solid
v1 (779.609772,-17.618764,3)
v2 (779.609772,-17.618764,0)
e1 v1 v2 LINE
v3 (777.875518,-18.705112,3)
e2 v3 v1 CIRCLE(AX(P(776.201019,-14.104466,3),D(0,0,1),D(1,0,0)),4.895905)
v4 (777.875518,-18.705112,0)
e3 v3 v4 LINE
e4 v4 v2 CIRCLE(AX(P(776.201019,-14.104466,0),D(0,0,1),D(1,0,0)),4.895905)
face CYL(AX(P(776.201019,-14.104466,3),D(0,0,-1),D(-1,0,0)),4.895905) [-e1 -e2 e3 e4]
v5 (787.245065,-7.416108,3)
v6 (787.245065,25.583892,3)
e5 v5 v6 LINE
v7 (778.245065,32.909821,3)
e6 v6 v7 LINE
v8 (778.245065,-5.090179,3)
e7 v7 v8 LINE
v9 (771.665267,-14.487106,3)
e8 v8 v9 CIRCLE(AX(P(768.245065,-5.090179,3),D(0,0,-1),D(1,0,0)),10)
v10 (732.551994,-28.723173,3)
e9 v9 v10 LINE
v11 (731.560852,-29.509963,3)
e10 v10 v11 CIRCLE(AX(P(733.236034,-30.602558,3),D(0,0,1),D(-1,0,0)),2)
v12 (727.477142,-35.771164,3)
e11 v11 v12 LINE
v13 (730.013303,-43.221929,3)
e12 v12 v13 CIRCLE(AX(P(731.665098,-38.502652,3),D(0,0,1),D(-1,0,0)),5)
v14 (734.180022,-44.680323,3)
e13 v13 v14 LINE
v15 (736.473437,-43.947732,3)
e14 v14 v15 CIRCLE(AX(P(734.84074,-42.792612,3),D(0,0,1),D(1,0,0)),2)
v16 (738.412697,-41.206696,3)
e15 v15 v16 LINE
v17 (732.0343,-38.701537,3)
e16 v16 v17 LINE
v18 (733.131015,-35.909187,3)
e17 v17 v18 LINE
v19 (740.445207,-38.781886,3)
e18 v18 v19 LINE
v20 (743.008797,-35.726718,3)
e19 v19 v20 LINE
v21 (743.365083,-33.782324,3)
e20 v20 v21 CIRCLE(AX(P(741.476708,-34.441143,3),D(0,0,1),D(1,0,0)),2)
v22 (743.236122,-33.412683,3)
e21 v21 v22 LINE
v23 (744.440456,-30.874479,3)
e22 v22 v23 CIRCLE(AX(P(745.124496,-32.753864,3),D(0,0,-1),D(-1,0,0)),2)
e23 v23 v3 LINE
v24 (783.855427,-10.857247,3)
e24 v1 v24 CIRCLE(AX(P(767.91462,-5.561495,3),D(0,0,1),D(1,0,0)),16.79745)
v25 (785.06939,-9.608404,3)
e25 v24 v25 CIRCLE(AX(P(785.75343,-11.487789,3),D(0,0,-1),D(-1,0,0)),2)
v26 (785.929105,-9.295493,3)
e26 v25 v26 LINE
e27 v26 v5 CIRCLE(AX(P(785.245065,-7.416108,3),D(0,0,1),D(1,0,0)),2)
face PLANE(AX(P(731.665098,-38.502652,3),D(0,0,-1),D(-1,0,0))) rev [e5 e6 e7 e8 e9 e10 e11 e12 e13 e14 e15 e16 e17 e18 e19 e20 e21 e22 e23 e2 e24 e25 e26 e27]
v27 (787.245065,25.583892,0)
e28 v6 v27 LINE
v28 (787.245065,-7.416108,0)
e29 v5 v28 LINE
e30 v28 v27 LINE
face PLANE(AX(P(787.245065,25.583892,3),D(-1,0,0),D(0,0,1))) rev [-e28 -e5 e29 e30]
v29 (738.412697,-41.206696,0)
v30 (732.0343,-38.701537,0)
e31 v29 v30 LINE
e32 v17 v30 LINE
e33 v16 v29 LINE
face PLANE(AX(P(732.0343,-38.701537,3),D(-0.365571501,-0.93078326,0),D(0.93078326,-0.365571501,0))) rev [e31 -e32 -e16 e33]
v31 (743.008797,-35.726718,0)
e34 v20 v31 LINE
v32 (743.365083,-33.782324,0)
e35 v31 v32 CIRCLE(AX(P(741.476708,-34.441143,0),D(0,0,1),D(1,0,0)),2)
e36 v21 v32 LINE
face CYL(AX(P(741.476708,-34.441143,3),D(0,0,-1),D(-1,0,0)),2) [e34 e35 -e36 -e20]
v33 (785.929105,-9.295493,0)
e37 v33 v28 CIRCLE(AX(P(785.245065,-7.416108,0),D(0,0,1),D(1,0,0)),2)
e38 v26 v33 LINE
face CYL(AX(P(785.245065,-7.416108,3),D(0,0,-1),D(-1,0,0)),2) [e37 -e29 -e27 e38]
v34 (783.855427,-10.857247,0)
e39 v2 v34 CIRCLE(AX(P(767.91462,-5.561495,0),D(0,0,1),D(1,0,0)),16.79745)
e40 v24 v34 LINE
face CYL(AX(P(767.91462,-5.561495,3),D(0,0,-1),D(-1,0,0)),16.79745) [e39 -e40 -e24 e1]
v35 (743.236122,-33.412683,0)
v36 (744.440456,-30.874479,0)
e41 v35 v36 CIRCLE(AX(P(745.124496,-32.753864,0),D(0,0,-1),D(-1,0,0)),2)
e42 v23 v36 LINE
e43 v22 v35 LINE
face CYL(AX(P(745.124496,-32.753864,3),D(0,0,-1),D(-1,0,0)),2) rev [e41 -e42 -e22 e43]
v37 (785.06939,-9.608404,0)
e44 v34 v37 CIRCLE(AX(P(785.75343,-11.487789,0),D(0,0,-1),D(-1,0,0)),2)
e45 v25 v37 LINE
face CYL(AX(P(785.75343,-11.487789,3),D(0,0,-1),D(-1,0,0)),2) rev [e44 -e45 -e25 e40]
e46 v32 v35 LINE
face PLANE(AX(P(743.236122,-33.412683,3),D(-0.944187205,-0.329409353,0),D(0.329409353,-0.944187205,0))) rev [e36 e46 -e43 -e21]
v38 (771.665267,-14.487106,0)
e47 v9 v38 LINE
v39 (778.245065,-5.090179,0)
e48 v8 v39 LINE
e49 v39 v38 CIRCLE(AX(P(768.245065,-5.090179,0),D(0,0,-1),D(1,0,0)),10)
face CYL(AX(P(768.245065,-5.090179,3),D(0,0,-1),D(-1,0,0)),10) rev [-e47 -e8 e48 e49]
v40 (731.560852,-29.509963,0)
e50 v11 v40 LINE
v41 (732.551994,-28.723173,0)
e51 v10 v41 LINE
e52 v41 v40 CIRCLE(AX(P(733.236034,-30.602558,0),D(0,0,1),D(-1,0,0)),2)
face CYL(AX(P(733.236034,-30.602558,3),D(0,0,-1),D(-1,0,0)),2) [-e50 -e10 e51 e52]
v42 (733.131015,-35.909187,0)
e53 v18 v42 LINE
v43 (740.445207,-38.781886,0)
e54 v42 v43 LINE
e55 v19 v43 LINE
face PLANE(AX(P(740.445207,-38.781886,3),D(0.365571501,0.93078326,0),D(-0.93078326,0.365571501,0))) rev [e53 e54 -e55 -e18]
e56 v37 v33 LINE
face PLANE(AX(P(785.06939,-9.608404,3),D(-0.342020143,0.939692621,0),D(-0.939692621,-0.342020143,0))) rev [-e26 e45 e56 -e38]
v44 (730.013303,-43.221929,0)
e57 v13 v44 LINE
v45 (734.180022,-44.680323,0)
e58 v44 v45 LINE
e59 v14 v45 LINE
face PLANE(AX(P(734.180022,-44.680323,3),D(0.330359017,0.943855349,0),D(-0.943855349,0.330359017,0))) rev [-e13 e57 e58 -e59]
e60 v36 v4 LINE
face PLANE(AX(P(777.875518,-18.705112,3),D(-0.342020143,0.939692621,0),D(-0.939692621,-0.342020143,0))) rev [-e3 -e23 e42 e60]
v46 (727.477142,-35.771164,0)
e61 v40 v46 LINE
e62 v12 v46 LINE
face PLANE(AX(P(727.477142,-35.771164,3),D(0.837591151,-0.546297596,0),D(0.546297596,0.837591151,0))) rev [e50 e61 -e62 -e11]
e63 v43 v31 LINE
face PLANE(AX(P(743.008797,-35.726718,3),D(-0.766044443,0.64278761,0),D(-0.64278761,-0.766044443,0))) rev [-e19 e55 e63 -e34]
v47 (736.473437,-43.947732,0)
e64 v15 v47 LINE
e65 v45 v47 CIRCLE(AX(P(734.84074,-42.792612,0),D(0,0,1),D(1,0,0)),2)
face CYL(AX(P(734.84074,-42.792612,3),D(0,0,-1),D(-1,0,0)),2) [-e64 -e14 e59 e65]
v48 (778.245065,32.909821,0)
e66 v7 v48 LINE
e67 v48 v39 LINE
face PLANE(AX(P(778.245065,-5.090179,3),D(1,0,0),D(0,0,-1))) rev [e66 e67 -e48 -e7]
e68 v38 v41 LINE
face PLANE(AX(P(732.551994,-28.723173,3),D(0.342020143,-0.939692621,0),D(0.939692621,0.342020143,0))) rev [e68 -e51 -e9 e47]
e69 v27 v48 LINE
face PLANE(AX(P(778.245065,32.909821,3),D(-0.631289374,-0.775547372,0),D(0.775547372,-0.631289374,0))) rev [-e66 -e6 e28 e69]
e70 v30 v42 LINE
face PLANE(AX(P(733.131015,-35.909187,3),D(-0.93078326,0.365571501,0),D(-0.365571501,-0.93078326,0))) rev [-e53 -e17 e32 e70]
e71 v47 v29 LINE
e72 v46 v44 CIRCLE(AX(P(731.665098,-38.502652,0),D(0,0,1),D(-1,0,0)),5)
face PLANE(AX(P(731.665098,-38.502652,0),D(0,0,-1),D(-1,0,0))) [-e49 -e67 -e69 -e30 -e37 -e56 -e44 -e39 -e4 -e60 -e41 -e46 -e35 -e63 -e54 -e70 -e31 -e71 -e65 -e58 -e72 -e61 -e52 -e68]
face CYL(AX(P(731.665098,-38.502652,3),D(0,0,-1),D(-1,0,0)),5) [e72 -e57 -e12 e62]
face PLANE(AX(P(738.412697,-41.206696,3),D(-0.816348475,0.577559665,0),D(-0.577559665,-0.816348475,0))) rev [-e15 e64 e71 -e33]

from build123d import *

# Parameters (mm, degrees)
BASE_EXTRUDE_DEPTH = 3


with BuildPart() as part:
    # Sketch1 → Base-Extrude (new body)
    with BuildSketch(Plane.XY):
        with BuildLine():
            Line((732.034300263, -38.701536799), (738.412696802, -41.20669573))
            Line((738.412696802, -41.20669573), (736.473436897, -43.947731787))
            ThreePointArc((736.473436897, -43.947731787), (735.449310633, -44.697774319), (734.180021911, -44.680323155))
            Line((734.180021911, -44.680323155), (730.013302653, -43.221928834))
            ThreePointArc((730.013302653, -43.221928834), (726.93179591, -40.113817439), (727.477141983, -35.771164112))
            Line((727.477141983, -35.771164112), (731.560851868, -29.509962721))
            ThreePointArc((731.560851868, -29.509962721), (731.992554194, -29.036110484), (732.551993885, -28.723172671))
            Line((732.551993885, -28.723172671), (771.665266629, -14.487105627))
            ThreePointArc((771.665266629, -14.487105627), (776.436585639, -10.825943783), (778.245065196, -5.090179419))
            Line((778.245065196, -5.090179419), (778.245065196, 32.909820581))
            Line((778.245065196, 32.909820581), (787.245065196, 25.583892383))
            Line((787.245065196, 25.583892383), (787.245065196, -7.416107617))
            ThreePointArc((787.245065196, -7.416107617), (786.883369284, -8.563260489), (785.929105482, -9.295492858))
            Line((785.929105482, -9.295492858), (785.06938995, -9.608403722))
            ThreePointArc((785.06938995, -9.608403722), (784.319331429, -10.093744269), (783.855426973, -10.857246649))
            ThreePointArc((783.855426973, -10.857246649), (782.140163623, -14.493920417), (779.609772484, -17.618763634))
            ThreePointArc((779.609772484, -17.618763634), (778.800038242, -18.253560622), (777.875517606, -18.705111674))
            Line((777.875517606, -18.705111674), (744.440455722, -30.874478981))
            ThreePointArc((744.440455722, -30.874478981), (743.317578976, -31.896513164), (743.236121599, -33.412682929))
            Line((743.236121599, -33.412682929), (743.365082604, -33.782324318))
            ThreePointArc((743.365082604, -33.782324318), (743.443954805, -34.801616013), (743.008797081, -35.726718244))
            Line((743.008797081, -35.726718244), (740.445206883, -38.781886072))
            Line((740.445206883, -38.781886072), (733.131014766, -35.909187018))
            Line((733.131014766, -35.909187018), (732.034300263, -38.701536799))
        make_face()
    extrude(amount=BASE_EXTRUDE_DEPTH)


solid = part.part
